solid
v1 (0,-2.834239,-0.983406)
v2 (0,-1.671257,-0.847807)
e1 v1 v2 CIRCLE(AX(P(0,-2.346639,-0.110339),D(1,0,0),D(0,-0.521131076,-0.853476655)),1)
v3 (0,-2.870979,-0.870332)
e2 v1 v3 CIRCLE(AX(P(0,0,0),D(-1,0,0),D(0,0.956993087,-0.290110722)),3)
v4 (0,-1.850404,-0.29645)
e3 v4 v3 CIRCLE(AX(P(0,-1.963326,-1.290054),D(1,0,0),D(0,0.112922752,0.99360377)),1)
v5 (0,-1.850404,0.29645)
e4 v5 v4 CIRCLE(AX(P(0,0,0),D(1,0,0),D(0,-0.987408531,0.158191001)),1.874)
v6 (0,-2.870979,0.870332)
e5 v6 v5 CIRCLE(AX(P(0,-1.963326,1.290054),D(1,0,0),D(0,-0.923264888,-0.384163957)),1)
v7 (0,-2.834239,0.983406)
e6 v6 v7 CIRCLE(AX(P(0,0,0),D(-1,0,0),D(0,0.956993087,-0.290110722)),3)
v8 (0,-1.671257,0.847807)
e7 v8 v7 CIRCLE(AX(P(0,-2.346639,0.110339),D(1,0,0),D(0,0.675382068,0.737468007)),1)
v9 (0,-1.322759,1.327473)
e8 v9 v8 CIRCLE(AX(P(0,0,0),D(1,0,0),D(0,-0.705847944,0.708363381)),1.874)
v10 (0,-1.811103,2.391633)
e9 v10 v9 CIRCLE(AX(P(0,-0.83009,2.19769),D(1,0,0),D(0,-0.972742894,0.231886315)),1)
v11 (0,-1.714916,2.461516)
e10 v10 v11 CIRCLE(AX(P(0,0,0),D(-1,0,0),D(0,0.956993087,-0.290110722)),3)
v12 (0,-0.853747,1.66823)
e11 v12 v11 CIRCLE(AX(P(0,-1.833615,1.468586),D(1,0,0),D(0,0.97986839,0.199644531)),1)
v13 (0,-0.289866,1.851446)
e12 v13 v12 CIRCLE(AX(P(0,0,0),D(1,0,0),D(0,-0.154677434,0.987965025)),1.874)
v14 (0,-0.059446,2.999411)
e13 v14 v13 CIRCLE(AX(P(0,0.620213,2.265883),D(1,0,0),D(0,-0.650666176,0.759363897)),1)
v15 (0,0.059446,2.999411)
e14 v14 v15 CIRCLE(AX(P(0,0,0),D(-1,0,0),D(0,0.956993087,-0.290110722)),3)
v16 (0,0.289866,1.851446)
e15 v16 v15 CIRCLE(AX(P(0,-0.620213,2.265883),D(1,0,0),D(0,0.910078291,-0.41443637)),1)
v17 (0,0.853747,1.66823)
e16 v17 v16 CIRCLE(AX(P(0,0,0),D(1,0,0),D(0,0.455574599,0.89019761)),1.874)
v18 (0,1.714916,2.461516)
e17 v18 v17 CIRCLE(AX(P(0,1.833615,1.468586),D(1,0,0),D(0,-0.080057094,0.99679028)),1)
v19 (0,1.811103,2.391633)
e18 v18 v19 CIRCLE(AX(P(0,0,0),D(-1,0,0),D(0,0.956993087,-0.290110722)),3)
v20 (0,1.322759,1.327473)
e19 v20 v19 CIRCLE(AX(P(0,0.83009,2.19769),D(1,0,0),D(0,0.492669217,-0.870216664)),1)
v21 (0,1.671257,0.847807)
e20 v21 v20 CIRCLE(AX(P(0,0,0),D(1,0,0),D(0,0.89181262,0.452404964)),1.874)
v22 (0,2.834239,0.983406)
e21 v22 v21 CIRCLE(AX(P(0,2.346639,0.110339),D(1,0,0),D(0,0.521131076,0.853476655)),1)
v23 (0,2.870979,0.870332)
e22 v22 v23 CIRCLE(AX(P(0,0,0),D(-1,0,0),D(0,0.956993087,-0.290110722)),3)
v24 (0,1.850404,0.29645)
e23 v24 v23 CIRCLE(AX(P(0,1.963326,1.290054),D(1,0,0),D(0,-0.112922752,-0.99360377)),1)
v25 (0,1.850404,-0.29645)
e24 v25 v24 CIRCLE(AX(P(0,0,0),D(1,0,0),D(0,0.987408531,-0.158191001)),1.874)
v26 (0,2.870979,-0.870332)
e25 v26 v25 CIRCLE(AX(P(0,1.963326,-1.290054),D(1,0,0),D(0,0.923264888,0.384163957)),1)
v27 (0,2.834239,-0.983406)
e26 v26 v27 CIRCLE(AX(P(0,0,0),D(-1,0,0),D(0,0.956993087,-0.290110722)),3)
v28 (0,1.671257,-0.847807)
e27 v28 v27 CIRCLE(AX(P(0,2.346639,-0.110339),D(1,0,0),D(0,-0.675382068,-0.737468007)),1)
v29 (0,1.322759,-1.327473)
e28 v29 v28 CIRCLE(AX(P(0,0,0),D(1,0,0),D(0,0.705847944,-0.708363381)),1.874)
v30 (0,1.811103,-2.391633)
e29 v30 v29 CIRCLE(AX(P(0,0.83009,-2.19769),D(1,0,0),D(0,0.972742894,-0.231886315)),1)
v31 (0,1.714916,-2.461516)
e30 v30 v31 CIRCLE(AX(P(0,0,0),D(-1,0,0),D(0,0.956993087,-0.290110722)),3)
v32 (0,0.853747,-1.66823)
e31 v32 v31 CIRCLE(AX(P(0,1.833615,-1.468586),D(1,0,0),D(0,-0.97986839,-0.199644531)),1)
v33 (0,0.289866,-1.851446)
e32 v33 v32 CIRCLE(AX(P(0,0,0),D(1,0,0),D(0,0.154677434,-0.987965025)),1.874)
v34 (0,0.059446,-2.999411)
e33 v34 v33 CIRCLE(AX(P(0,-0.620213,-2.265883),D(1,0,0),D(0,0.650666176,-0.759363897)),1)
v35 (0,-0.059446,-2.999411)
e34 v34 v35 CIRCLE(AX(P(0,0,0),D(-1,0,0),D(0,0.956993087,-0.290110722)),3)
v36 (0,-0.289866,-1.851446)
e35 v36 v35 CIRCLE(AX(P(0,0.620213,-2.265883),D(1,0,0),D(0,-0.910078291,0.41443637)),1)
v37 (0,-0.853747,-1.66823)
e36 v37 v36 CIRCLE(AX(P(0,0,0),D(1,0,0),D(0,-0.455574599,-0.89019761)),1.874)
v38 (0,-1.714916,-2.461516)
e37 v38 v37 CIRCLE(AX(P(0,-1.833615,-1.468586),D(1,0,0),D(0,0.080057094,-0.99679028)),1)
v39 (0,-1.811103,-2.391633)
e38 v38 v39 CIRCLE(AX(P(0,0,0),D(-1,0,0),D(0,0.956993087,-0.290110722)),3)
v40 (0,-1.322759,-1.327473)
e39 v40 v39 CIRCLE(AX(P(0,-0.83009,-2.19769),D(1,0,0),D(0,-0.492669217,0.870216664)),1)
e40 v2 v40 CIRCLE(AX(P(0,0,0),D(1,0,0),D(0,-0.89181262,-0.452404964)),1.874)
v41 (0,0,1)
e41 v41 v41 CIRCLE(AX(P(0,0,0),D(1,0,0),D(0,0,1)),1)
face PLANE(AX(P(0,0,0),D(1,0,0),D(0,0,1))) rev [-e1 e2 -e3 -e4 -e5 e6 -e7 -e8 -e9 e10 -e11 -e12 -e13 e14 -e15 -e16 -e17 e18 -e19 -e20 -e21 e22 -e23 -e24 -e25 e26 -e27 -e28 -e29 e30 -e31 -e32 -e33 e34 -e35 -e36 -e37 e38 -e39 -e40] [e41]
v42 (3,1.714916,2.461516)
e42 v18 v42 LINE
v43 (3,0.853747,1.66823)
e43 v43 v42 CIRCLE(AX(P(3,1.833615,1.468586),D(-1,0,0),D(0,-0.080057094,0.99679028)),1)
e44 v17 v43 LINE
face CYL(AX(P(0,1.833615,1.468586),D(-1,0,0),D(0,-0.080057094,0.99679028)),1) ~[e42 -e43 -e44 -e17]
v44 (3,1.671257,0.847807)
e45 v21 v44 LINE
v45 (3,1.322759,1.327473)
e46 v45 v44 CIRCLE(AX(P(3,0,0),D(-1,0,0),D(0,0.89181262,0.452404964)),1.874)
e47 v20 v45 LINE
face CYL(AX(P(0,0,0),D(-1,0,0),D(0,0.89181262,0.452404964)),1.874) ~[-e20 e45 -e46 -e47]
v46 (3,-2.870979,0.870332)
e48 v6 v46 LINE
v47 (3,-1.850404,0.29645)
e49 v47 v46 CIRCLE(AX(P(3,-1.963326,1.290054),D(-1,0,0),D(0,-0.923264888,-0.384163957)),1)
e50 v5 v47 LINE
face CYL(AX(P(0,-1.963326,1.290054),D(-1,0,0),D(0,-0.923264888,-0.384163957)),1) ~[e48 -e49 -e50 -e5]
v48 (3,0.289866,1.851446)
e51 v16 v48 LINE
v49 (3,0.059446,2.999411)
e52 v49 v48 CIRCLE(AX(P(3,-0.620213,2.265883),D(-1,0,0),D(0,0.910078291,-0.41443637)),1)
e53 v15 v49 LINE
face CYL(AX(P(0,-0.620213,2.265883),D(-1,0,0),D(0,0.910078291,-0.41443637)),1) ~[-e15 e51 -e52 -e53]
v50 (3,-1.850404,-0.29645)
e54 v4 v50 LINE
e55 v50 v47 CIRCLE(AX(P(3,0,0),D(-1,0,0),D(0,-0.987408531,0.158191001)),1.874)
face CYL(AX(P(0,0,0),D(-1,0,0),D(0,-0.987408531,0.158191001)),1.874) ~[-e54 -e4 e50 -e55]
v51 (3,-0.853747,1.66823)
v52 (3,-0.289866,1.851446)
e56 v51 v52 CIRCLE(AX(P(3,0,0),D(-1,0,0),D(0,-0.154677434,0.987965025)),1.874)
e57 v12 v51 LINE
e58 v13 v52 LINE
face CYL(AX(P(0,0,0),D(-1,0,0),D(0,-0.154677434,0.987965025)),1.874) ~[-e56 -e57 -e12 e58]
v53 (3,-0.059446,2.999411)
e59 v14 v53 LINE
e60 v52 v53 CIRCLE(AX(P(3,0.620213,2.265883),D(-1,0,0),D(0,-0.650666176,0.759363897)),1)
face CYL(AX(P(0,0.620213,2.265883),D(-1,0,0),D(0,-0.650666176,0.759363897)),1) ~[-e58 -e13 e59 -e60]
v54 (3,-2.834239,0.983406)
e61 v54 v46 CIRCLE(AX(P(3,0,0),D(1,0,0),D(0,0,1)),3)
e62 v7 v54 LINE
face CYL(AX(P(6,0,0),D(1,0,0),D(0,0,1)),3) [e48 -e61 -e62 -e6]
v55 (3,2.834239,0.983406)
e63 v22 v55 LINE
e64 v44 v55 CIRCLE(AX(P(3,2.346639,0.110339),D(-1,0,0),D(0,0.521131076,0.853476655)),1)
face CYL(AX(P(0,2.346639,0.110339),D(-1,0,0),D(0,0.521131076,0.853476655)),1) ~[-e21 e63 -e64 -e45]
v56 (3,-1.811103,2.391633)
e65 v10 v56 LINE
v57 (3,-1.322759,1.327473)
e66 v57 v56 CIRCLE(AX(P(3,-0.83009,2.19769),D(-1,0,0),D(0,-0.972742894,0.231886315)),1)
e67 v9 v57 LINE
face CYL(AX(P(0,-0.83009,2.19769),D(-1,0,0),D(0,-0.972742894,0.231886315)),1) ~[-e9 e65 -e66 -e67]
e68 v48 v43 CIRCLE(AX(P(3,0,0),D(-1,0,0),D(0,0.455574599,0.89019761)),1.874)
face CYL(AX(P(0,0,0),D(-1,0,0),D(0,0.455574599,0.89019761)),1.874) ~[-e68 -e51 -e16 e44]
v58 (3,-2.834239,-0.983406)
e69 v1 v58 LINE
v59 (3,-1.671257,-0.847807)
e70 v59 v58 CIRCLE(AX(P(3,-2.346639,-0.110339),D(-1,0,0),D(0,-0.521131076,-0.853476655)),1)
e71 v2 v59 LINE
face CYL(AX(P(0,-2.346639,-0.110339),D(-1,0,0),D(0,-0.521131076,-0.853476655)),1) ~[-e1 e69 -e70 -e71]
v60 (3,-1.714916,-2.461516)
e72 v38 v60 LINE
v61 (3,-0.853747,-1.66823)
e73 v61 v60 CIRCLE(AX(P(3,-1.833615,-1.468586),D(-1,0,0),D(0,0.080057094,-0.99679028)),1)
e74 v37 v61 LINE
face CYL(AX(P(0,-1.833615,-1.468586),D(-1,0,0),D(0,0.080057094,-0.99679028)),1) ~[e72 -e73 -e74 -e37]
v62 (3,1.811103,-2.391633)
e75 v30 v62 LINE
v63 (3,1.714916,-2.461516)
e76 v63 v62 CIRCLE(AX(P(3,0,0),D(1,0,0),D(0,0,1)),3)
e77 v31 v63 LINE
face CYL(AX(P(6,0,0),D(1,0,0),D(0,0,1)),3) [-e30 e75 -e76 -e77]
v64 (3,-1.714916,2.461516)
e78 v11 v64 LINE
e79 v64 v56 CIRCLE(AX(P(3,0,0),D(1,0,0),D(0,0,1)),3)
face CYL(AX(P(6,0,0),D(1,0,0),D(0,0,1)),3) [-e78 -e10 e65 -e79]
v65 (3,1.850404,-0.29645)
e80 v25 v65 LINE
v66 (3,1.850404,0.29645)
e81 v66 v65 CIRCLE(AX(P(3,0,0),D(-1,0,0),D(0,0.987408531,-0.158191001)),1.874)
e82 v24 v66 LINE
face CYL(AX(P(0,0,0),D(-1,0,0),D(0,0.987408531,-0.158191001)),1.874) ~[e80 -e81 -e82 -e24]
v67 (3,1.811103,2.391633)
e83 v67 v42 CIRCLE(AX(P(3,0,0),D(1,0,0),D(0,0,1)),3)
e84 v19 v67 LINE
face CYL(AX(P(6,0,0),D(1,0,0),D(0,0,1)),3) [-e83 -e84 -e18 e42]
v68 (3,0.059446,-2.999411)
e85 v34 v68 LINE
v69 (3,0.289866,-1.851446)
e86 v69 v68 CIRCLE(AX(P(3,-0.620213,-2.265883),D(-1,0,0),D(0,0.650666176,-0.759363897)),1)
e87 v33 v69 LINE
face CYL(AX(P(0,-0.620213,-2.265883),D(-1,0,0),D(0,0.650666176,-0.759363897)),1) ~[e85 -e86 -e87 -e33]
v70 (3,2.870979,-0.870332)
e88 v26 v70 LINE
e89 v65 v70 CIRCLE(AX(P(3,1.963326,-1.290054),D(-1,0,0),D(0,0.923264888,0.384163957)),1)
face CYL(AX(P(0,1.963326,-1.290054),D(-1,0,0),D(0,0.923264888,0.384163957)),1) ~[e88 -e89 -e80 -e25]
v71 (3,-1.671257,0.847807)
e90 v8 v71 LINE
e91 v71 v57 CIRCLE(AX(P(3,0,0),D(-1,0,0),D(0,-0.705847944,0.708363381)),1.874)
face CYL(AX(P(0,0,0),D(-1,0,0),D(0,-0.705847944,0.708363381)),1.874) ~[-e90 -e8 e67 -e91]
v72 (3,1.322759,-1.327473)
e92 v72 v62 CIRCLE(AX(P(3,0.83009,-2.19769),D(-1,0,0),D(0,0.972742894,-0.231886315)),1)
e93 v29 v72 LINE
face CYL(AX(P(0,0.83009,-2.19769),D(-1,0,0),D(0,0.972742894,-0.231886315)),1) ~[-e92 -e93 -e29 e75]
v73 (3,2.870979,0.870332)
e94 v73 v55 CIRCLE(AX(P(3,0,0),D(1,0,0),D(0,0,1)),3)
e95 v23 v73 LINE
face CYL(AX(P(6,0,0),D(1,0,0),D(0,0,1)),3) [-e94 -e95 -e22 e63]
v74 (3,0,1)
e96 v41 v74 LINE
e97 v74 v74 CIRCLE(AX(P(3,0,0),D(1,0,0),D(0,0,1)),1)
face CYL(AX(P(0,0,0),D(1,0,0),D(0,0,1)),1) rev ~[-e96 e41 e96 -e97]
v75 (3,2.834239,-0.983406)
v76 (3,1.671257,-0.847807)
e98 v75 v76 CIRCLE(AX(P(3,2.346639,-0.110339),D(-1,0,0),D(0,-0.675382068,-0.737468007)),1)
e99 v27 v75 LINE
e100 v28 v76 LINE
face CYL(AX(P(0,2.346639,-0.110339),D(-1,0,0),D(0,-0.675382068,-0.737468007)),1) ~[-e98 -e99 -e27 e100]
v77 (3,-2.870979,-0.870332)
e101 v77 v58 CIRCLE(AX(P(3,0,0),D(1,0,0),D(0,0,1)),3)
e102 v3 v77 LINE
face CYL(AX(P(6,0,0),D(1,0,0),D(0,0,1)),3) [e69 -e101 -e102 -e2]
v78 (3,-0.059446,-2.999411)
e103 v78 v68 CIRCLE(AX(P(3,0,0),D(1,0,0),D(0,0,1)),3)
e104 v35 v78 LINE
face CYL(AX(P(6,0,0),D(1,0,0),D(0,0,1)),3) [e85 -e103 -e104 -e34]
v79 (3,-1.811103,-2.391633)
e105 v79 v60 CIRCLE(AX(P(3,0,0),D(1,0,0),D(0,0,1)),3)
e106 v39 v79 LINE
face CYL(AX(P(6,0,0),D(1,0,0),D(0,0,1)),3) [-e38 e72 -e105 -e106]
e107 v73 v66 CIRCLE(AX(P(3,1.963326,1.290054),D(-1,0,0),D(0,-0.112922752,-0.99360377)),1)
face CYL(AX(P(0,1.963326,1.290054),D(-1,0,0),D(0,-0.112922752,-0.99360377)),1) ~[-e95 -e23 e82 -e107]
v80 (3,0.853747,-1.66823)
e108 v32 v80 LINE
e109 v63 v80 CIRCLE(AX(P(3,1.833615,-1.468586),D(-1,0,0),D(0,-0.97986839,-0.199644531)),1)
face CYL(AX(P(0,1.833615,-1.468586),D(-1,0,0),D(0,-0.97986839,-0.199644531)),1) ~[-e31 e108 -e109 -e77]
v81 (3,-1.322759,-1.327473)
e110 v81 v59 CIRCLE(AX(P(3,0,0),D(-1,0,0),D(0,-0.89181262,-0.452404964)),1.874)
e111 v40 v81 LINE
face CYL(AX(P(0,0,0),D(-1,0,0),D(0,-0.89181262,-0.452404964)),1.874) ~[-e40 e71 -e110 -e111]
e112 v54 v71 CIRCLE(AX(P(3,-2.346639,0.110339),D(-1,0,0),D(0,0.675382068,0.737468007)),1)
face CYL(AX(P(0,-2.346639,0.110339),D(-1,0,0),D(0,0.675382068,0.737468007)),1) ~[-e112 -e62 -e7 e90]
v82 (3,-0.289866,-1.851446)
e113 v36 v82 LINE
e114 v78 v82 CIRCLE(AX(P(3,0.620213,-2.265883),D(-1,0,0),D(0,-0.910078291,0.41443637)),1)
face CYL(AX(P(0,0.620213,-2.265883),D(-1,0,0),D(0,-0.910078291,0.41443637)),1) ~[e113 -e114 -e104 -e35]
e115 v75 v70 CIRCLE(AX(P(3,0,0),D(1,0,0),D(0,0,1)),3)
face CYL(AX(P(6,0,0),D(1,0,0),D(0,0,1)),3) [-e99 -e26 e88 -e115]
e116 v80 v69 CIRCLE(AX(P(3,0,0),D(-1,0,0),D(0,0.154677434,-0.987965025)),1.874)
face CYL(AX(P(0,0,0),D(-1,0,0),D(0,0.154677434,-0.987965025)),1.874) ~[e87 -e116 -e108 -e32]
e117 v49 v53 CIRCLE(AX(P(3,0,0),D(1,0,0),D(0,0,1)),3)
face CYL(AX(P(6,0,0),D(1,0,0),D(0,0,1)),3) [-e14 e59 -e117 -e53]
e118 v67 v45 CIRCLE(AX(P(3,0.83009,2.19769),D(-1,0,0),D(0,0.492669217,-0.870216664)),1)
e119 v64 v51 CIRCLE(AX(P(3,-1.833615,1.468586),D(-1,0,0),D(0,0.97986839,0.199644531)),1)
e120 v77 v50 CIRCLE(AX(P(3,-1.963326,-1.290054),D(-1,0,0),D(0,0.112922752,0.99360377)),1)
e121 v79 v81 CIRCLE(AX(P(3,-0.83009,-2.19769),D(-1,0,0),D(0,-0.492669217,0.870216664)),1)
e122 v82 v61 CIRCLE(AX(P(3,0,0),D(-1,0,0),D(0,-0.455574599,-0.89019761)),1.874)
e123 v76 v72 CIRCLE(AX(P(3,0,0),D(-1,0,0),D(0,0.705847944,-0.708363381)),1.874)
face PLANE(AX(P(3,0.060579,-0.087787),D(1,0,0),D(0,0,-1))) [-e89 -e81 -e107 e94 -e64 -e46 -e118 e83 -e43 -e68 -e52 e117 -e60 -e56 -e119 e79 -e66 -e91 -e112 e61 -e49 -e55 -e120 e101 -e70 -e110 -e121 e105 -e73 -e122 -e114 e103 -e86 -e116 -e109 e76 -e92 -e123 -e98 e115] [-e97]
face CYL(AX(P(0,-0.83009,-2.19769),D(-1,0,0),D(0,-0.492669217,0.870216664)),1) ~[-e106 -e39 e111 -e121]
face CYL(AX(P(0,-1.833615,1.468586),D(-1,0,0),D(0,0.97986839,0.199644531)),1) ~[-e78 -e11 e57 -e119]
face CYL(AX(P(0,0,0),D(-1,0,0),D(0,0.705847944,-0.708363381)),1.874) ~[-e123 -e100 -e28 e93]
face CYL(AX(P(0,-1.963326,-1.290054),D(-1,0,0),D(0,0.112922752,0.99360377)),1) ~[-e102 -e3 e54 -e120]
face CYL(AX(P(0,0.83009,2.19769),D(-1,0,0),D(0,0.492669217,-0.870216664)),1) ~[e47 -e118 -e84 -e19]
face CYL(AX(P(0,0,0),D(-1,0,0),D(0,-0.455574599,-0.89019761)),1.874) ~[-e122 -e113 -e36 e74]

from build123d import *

# Parameters (mm, degrees)
BASPROSKE_W           = 12
BASPROSKE_H           = 3
TOOTHCUT_DEPTH        = 13.727922061
TEETHCUTS_COUNT       = 10
TEETHCUTS_ANGLE       = 324
BORSKE_R              = 1
BORE_DEPTH            = 50.0000508
CROQUIS1_W            = 7.363545147
CROQUIS1_H            = 6.569840322
CORTAR_EXTRUIR1_DEPTH = 9


with BuildPart() as part:
    # BasProSke → Base-Revolve (revolve)
    with BuildSketch(Plane(origin=(0, 0, 0), x_dir=(1, 0, 0), z_dir=(0, 1, 0)), mode=Mode.PRIVATE) as base_revolve_sk:
        with Locations((6, 1.5)):
            Rectangle(BASPROSKE_W, BASPROSKE_H)
    revolve(base_revolve_sk.sketch.rotate(Axis((-10, 0, 0), (1, 0, 0)), 180), axis=Axis((-10, 0, 0), (1, 0, 0)))

    # TooCutSke → ToothCut (cut, through all)
    with BuildSketch(Plane(origin=(0, 0, 0), x_dir=(0, 0, -1), z_dir=(1, 0, 0))):
        with BuildLine():
            ThreePointArc((0.296449938, 1.850403587), (0, 1.874), (-0.296449938, 1.850403587))
            ThreePointArc((-0.296449938, 1.850403587), (-0.428089565, 2.470295585), (-0.905889751, 2.886591228))
            ThreePointArc((-0.905889751, 2.886591228), (0, 3.0254), (0.905889751, 2.886591228))
            ThreePointArc((0.905889751, 2.886591228), (0.428089565, 2.470295585), (0.296449938, 1.850403587))
        make_face()
    toothcut = extrude(amount=TOOTHCUT_DEPTH, mode=Mode.SUBTRACT)

    # TeethCuts: ToothCut ×10 about axis
    teethcuts_axis = Axis((-10, 0, 0), (1, 0, 0))
    for i in range(1, TEETHCUTS_COUNT):
        add(toothcut.rotate(teethcuts_axis, i * TEETHCUTS_ANGLE / (TEETHCUTS_COUNT - 1)), mode=Mode.SUBTRACT)

    # BorSke → Bore (cut, symmetric)
    with BuildSketch(Plane(origin=(0, 0, 0), x_dir=(0, 0, -1), z_dir=(1, 0, 0))):
        with Locations(Location((0, 0, 0), (0, 0, 180))):
            Circle(BORSKE_R)
    extrude(amount=BORE_DEPTH, both=True, mode=Mode.SUBTRACT)

    # Croquis1 → Cortar-Extruir1 (cut)
    with BuildSketch(Plane(origin=(12, 0, 0), x_dir=(0, 0, -1), z_dir=(1, 0, 0))):
        with Locations((0.087787386, 0.060578549)):
            Rectangle(CROQUIS1_W, CROQUIS1_H)
    extrude(amount=-CORTAR_EXTRUIR1_DEPTH, mode=Mode.SUBTRACT)


solid = part.part
